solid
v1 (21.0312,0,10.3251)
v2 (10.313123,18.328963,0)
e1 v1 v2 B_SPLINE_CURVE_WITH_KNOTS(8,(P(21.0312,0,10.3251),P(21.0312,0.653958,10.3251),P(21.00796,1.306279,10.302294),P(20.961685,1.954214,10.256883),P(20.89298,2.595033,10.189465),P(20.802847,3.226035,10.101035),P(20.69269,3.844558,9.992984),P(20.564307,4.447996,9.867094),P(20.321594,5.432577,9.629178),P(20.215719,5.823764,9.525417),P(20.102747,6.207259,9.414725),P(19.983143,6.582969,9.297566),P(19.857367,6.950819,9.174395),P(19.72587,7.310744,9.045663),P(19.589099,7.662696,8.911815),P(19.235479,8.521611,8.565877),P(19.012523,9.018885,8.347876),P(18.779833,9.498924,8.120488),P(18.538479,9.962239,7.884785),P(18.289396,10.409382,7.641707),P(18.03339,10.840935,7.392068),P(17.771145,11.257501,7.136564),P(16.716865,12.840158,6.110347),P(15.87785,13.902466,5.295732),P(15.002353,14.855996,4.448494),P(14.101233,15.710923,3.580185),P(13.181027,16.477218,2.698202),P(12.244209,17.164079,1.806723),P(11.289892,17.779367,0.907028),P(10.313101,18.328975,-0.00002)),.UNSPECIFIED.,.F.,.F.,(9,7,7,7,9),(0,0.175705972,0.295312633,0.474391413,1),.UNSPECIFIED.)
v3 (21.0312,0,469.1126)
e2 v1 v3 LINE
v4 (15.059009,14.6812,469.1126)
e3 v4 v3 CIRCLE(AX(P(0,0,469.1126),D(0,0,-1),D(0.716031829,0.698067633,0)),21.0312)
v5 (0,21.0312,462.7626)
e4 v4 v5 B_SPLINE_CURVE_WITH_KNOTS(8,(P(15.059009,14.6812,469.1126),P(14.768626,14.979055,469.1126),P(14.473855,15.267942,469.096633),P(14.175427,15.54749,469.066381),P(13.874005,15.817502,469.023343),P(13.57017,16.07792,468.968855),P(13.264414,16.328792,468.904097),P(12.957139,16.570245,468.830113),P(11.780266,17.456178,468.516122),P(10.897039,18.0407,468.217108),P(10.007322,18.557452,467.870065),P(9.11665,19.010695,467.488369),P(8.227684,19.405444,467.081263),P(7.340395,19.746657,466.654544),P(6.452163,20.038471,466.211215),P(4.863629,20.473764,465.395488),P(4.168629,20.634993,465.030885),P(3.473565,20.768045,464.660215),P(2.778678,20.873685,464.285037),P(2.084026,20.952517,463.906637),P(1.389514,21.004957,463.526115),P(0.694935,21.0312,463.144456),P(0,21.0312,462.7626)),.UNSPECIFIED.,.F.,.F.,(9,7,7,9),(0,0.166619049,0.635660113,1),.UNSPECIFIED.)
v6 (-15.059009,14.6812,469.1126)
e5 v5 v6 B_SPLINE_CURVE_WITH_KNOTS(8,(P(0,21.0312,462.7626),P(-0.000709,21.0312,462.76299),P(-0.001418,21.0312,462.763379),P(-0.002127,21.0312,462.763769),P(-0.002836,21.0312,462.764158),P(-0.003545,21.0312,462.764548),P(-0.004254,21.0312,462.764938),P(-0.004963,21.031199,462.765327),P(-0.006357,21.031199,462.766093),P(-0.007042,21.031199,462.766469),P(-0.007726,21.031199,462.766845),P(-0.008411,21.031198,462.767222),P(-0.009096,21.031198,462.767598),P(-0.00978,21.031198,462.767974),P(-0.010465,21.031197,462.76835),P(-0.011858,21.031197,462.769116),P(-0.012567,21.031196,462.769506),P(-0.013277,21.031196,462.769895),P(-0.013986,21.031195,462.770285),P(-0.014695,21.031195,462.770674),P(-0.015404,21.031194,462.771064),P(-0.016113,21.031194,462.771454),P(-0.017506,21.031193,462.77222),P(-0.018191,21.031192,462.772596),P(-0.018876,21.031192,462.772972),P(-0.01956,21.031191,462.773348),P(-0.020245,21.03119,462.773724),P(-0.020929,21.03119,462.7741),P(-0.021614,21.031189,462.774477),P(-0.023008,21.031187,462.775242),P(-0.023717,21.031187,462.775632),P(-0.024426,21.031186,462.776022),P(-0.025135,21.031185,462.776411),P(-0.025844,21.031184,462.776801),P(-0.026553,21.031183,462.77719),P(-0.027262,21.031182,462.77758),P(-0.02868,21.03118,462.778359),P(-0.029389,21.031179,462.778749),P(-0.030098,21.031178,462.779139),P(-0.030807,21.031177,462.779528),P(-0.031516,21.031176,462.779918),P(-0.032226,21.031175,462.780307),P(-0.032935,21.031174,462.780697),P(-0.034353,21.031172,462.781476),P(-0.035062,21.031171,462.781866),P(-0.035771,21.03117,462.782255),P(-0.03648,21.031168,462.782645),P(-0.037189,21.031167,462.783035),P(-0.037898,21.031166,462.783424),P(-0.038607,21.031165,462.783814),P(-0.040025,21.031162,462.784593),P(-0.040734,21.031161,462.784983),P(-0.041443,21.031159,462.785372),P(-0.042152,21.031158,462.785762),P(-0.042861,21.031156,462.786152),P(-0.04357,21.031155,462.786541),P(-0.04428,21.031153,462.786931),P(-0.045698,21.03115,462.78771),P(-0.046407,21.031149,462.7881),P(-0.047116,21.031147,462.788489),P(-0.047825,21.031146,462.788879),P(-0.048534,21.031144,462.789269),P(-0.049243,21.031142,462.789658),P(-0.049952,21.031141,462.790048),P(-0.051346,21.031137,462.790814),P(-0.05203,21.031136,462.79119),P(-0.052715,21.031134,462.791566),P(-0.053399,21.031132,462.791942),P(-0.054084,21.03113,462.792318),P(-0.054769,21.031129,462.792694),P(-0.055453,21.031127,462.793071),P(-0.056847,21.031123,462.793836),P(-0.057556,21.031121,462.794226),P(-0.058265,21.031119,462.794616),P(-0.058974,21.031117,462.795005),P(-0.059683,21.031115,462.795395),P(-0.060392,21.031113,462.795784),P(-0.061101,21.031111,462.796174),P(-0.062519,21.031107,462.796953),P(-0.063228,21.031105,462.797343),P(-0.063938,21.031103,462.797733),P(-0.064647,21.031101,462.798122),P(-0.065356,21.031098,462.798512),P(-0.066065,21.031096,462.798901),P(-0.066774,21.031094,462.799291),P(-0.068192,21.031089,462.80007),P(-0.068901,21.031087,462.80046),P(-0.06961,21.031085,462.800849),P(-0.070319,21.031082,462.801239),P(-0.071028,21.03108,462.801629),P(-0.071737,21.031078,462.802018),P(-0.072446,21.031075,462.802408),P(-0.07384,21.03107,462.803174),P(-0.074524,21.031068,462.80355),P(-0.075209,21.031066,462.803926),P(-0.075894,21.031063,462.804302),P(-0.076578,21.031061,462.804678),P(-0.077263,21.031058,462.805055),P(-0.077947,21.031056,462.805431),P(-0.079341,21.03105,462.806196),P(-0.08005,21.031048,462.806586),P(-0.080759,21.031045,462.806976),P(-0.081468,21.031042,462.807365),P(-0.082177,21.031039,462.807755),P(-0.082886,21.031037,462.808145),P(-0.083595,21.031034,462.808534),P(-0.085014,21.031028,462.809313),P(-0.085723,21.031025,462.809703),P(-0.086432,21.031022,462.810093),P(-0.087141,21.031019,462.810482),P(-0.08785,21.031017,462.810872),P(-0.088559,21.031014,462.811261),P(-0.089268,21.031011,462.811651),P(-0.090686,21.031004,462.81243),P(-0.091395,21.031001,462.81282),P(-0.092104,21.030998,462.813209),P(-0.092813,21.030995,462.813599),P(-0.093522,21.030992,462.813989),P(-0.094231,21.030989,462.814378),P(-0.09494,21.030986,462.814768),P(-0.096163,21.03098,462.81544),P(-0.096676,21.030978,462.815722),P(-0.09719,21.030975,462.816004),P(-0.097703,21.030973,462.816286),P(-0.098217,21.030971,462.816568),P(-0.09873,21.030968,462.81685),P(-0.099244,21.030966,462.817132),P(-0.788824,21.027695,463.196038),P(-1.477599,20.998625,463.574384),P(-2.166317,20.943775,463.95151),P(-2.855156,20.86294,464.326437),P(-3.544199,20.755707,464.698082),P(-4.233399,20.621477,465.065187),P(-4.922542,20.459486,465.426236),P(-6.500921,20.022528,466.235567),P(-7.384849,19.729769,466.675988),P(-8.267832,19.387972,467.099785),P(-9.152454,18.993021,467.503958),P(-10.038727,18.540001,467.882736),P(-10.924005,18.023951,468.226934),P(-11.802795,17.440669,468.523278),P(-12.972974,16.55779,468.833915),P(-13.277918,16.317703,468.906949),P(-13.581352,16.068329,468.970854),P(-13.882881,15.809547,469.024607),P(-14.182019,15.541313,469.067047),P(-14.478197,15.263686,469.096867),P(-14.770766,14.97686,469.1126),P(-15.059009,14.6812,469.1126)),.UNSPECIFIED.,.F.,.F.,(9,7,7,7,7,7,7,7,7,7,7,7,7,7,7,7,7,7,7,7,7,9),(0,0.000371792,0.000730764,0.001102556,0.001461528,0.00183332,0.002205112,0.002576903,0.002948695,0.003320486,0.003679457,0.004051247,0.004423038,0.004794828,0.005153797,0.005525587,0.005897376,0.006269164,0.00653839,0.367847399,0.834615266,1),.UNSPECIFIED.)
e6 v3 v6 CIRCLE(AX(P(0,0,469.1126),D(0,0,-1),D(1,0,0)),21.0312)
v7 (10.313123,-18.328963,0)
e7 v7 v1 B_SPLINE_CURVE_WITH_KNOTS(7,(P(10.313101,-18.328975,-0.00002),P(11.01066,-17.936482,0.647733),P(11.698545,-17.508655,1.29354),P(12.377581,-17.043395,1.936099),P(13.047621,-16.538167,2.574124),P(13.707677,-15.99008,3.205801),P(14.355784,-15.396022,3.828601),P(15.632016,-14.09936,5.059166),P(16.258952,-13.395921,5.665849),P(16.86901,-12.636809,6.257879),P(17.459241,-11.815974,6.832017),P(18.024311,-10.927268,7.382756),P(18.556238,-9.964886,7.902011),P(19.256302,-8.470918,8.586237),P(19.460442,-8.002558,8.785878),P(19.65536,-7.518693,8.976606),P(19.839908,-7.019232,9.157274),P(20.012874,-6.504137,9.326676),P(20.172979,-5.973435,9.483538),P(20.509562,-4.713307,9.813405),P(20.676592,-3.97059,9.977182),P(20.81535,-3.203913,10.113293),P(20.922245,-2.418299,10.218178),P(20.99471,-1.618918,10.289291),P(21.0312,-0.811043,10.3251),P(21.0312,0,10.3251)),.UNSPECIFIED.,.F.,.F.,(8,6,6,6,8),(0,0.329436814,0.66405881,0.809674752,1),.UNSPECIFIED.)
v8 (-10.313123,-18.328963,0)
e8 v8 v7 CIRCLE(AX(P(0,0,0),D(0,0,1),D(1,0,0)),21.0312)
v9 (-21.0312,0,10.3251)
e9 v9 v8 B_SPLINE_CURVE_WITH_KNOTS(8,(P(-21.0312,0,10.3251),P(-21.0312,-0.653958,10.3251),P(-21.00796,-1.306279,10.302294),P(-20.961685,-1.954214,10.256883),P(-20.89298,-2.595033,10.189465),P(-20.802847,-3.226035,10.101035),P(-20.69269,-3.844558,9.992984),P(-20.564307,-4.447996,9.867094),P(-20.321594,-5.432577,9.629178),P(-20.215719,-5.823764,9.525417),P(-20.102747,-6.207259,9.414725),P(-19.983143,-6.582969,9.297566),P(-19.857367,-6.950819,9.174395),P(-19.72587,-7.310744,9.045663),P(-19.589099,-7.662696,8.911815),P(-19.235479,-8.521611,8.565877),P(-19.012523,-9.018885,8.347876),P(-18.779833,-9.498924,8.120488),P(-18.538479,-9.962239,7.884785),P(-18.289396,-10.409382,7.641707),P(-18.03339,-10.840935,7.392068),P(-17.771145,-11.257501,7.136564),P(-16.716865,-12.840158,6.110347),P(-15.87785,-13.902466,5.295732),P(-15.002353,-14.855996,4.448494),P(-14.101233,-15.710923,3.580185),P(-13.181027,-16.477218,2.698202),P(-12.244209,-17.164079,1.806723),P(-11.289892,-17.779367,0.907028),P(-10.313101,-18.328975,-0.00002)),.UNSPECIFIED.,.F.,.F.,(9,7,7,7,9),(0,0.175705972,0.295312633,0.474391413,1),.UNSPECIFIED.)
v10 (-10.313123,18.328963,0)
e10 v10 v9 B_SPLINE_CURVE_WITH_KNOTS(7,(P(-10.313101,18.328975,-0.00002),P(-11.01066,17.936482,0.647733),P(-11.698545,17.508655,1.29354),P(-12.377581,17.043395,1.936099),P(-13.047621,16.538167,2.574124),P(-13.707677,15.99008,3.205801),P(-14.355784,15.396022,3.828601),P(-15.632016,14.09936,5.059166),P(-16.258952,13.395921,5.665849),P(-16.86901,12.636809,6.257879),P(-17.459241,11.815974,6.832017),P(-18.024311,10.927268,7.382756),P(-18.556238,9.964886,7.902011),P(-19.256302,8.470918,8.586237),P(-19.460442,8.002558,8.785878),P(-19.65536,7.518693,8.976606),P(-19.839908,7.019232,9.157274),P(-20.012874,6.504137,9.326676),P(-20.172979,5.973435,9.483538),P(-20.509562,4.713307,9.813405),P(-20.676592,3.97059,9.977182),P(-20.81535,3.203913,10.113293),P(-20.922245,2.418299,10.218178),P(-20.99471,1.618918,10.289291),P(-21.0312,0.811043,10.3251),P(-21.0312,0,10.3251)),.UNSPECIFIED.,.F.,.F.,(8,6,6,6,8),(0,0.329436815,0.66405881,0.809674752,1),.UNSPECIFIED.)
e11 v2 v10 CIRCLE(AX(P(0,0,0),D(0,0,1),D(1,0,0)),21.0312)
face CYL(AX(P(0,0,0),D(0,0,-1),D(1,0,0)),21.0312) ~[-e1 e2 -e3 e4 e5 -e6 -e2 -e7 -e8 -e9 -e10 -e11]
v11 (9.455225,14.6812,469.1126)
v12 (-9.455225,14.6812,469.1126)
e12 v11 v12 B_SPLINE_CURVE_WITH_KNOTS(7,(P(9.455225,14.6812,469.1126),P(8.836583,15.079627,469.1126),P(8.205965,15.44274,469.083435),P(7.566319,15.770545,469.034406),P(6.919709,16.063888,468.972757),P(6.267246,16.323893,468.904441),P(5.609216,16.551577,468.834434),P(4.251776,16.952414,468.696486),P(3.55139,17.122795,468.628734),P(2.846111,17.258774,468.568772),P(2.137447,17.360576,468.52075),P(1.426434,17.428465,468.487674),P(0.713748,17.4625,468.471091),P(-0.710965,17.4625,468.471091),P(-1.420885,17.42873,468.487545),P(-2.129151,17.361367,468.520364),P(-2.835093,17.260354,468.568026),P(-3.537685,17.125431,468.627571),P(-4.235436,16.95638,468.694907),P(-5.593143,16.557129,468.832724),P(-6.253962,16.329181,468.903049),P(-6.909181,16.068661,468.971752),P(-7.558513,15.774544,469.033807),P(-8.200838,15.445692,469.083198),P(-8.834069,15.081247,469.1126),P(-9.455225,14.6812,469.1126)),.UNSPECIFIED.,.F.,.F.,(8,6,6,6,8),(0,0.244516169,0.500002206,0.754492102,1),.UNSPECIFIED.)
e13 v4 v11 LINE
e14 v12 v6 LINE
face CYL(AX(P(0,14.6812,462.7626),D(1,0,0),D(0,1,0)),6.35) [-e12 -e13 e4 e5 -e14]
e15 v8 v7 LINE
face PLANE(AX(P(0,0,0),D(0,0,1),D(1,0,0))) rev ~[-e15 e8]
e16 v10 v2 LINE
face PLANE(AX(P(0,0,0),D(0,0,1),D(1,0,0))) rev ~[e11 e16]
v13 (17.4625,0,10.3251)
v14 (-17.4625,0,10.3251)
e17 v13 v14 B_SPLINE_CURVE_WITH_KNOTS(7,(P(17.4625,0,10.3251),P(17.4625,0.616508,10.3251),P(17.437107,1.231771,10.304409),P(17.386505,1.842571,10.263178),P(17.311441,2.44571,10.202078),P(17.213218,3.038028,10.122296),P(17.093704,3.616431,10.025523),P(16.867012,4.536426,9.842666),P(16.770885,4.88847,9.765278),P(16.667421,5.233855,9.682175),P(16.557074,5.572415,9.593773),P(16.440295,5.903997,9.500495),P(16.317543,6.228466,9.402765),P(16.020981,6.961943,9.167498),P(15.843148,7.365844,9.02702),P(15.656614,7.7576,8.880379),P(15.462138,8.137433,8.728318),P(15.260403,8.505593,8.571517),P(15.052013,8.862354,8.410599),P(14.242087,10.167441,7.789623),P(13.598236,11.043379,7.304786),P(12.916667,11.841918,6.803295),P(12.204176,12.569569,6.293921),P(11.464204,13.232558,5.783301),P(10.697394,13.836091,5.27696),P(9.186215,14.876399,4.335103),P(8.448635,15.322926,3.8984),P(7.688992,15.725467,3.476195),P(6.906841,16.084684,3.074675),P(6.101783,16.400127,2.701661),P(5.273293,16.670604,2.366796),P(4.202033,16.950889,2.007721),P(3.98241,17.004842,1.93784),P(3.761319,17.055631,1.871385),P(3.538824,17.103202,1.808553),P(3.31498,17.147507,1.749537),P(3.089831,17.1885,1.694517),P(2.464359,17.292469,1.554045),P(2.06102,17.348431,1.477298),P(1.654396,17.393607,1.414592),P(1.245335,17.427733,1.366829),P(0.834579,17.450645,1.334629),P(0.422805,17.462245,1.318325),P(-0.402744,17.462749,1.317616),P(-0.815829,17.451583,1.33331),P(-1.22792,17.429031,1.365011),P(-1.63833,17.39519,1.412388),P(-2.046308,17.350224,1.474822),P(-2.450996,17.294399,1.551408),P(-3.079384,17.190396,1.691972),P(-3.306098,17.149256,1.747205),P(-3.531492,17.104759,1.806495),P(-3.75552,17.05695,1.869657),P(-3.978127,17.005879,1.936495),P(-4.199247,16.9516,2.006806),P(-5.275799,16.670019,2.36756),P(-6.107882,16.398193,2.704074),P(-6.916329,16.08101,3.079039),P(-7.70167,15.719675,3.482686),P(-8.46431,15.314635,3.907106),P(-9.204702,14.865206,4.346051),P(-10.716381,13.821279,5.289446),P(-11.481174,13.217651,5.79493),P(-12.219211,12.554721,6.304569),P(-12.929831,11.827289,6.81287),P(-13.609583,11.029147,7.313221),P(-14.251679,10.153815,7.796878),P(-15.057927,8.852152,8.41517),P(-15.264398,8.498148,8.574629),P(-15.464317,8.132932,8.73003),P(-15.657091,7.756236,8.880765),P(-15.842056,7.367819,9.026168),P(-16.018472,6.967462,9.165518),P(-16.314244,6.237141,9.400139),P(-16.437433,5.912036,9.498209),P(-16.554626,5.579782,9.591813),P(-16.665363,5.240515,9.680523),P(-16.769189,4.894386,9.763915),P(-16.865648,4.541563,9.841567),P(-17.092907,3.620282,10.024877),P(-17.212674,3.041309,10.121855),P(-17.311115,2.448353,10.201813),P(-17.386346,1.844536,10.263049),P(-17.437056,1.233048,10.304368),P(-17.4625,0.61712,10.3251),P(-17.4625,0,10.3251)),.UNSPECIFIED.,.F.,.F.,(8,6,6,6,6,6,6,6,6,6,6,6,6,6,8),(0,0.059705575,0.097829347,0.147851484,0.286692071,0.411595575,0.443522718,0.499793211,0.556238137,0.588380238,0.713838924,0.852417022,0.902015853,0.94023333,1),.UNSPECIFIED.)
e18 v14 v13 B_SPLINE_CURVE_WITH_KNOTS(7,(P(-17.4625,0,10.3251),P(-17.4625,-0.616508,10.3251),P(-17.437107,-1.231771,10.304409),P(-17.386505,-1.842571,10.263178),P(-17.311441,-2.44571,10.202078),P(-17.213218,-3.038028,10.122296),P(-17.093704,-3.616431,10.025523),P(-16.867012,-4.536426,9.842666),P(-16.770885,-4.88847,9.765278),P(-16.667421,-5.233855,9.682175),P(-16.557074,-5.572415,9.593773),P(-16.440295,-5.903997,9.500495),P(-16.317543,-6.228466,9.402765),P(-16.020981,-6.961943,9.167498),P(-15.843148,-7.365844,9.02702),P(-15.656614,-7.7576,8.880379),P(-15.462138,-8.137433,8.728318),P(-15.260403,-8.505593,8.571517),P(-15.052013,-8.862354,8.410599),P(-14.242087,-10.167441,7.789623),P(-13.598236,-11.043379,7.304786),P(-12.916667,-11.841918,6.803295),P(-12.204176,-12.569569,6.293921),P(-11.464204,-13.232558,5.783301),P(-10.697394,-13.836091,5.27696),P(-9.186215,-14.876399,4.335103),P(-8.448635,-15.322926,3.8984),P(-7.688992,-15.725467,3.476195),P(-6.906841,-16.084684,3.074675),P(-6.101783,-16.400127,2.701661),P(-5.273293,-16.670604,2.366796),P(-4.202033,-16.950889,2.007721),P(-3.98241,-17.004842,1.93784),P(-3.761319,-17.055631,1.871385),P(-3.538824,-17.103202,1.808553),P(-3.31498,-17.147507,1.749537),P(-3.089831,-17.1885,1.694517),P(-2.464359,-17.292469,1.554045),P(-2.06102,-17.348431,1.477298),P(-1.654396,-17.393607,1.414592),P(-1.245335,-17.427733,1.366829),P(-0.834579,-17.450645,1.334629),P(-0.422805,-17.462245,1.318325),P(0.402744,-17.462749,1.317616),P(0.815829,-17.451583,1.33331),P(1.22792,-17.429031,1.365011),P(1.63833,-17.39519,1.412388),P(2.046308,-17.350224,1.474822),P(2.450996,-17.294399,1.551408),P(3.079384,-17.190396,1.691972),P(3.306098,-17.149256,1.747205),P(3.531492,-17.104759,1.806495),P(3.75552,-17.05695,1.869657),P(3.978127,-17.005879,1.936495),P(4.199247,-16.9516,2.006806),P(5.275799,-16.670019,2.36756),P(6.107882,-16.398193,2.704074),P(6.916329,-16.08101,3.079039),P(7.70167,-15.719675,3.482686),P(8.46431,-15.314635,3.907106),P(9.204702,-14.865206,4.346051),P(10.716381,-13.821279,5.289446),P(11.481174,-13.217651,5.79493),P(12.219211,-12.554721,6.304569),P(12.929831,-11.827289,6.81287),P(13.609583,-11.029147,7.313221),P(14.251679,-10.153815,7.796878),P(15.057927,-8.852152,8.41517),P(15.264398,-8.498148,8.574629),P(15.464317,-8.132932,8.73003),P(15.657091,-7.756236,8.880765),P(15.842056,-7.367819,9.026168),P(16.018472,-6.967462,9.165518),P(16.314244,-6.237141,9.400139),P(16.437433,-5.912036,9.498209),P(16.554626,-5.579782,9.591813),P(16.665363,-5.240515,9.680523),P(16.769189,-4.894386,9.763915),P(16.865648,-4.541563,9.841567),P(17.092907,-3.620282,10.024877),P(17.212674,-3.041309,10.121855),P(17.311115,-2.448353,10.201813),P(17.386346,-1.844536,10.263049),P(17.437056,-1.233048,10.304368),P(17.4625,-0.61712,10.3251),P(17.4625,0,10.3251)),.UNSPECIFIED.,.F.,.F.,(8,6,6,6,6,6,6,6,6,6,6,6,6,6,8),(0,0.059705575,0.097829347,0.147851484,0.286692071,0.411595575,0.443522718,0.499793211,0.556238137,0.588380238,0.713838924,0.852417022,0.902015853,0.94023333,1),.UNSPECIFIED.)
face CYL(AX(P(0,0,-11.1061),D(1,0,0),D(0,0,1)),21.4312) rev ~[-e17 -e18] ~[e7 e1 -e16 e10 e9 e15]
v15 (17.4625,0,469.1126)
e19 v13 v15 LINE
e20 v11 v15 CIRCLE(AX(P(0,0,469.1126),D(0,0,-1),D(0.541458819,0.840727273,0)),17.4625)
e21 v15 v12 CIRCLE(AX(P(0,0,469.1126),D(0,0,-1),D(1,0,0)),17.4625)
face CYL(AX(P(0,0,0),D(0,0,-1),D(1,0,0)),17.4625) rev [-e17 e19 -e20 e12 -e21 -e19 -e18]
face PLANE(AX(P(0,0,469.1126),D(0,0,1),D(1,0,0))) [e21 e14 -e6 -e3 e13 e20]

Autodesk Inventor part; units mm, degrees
ref_plane "XZ Plane" through (0, 0, 0) normal (0, 1, 0) x (-1, 0, 0)
ref_plane "XY Plane" through (0, 0, 0) normal (0, 0, 1) x (1, 0, 0)
sketch "Sketch1" plane through (0, 0, 0) normal (0, 0, 1) x (1, 0, 0)
  circle A0 centre (0, 0) radius 21.0312
  circle A1 centre (0, 0) radius 17.4625
  dimension "d0" = 42.0624
  dimension "d1" = 34.925
extrude "Extrusion1" add sketch "Sketch1" along normal blind 469.1126
ref_plane "Work Plane1" through (0, 0, 0) normal (1, 0, 0) x (0, 0, 1)
sketch "Sketch2" plane through (0, 0, 0) normal (1, 0, 0) x (0, 0, 1)
  line L0 (0, -21.0312) -> (469.1126, -21.0312) projected
  line L1 (0, -17.4625) -> (0, 17.4625) projected
  line L2 (0, 21.0312) -> (0, -21.0312) projected
  line L3 (-132.8674, 0) -> (569.4426, 0) projected
  line L4 (469.1126, 17.4625) -> (469.1126, -17.4625) projected
  line L5 (469.1126, 21.0312) -> (469.1126, -21.0312) projected
  circle A0 centre (-11.1061, 0) radius 21.4312
  dimension "d5" = 480.2188
  dimension "d6" = 42.8625
extrude "Extrusion2" cut sketch "Sketch2" against normal mid plane 301.625 contours A0 L3 L1 L2 | L2 L1 L3 A0 | A0 L2 L1 L3 | L3 L1 L2 A0
sketch "Sketch3" plane through (0, 0, 0) normal (1, 0, 0) x (0, 0, 1)
  line L0 (0, -21.0312) -> (469.1126, -21.0312) projected
  line L1 (469.1126, 17.4625) -> (469.1126, -17.4625) projected
  line L2 (469.1126, 21.0312) -> (469.1126, -21.0312) projected
  line L3 (443.4545, -21.0312) -> (462.7626, -21.0312)
  line L4 (469.1126, -14.6812) -> (469.1126, -1.9812)
  line L5 (469.1126, -1.9812) -> (508, -1.9812)
  line L6 (508, -1.9812) -> (508, -30.5562)
  line L7 (508, -30.5562) -> (443.4545, -30.5562)
  line L8 (443.4545, -30.5562) -> (443.4545, -21.0312)
  arc A0 (462.7626, -21.0312) -> (469.1126, -14.6812) centre (462.7626, -14.6812) ccw
  dimension "d9" = 6.35
extrude "Extrusion3" cut sketch "Sketch3" against normal mid plane 301.625
properties part number "FE-00005-03"
